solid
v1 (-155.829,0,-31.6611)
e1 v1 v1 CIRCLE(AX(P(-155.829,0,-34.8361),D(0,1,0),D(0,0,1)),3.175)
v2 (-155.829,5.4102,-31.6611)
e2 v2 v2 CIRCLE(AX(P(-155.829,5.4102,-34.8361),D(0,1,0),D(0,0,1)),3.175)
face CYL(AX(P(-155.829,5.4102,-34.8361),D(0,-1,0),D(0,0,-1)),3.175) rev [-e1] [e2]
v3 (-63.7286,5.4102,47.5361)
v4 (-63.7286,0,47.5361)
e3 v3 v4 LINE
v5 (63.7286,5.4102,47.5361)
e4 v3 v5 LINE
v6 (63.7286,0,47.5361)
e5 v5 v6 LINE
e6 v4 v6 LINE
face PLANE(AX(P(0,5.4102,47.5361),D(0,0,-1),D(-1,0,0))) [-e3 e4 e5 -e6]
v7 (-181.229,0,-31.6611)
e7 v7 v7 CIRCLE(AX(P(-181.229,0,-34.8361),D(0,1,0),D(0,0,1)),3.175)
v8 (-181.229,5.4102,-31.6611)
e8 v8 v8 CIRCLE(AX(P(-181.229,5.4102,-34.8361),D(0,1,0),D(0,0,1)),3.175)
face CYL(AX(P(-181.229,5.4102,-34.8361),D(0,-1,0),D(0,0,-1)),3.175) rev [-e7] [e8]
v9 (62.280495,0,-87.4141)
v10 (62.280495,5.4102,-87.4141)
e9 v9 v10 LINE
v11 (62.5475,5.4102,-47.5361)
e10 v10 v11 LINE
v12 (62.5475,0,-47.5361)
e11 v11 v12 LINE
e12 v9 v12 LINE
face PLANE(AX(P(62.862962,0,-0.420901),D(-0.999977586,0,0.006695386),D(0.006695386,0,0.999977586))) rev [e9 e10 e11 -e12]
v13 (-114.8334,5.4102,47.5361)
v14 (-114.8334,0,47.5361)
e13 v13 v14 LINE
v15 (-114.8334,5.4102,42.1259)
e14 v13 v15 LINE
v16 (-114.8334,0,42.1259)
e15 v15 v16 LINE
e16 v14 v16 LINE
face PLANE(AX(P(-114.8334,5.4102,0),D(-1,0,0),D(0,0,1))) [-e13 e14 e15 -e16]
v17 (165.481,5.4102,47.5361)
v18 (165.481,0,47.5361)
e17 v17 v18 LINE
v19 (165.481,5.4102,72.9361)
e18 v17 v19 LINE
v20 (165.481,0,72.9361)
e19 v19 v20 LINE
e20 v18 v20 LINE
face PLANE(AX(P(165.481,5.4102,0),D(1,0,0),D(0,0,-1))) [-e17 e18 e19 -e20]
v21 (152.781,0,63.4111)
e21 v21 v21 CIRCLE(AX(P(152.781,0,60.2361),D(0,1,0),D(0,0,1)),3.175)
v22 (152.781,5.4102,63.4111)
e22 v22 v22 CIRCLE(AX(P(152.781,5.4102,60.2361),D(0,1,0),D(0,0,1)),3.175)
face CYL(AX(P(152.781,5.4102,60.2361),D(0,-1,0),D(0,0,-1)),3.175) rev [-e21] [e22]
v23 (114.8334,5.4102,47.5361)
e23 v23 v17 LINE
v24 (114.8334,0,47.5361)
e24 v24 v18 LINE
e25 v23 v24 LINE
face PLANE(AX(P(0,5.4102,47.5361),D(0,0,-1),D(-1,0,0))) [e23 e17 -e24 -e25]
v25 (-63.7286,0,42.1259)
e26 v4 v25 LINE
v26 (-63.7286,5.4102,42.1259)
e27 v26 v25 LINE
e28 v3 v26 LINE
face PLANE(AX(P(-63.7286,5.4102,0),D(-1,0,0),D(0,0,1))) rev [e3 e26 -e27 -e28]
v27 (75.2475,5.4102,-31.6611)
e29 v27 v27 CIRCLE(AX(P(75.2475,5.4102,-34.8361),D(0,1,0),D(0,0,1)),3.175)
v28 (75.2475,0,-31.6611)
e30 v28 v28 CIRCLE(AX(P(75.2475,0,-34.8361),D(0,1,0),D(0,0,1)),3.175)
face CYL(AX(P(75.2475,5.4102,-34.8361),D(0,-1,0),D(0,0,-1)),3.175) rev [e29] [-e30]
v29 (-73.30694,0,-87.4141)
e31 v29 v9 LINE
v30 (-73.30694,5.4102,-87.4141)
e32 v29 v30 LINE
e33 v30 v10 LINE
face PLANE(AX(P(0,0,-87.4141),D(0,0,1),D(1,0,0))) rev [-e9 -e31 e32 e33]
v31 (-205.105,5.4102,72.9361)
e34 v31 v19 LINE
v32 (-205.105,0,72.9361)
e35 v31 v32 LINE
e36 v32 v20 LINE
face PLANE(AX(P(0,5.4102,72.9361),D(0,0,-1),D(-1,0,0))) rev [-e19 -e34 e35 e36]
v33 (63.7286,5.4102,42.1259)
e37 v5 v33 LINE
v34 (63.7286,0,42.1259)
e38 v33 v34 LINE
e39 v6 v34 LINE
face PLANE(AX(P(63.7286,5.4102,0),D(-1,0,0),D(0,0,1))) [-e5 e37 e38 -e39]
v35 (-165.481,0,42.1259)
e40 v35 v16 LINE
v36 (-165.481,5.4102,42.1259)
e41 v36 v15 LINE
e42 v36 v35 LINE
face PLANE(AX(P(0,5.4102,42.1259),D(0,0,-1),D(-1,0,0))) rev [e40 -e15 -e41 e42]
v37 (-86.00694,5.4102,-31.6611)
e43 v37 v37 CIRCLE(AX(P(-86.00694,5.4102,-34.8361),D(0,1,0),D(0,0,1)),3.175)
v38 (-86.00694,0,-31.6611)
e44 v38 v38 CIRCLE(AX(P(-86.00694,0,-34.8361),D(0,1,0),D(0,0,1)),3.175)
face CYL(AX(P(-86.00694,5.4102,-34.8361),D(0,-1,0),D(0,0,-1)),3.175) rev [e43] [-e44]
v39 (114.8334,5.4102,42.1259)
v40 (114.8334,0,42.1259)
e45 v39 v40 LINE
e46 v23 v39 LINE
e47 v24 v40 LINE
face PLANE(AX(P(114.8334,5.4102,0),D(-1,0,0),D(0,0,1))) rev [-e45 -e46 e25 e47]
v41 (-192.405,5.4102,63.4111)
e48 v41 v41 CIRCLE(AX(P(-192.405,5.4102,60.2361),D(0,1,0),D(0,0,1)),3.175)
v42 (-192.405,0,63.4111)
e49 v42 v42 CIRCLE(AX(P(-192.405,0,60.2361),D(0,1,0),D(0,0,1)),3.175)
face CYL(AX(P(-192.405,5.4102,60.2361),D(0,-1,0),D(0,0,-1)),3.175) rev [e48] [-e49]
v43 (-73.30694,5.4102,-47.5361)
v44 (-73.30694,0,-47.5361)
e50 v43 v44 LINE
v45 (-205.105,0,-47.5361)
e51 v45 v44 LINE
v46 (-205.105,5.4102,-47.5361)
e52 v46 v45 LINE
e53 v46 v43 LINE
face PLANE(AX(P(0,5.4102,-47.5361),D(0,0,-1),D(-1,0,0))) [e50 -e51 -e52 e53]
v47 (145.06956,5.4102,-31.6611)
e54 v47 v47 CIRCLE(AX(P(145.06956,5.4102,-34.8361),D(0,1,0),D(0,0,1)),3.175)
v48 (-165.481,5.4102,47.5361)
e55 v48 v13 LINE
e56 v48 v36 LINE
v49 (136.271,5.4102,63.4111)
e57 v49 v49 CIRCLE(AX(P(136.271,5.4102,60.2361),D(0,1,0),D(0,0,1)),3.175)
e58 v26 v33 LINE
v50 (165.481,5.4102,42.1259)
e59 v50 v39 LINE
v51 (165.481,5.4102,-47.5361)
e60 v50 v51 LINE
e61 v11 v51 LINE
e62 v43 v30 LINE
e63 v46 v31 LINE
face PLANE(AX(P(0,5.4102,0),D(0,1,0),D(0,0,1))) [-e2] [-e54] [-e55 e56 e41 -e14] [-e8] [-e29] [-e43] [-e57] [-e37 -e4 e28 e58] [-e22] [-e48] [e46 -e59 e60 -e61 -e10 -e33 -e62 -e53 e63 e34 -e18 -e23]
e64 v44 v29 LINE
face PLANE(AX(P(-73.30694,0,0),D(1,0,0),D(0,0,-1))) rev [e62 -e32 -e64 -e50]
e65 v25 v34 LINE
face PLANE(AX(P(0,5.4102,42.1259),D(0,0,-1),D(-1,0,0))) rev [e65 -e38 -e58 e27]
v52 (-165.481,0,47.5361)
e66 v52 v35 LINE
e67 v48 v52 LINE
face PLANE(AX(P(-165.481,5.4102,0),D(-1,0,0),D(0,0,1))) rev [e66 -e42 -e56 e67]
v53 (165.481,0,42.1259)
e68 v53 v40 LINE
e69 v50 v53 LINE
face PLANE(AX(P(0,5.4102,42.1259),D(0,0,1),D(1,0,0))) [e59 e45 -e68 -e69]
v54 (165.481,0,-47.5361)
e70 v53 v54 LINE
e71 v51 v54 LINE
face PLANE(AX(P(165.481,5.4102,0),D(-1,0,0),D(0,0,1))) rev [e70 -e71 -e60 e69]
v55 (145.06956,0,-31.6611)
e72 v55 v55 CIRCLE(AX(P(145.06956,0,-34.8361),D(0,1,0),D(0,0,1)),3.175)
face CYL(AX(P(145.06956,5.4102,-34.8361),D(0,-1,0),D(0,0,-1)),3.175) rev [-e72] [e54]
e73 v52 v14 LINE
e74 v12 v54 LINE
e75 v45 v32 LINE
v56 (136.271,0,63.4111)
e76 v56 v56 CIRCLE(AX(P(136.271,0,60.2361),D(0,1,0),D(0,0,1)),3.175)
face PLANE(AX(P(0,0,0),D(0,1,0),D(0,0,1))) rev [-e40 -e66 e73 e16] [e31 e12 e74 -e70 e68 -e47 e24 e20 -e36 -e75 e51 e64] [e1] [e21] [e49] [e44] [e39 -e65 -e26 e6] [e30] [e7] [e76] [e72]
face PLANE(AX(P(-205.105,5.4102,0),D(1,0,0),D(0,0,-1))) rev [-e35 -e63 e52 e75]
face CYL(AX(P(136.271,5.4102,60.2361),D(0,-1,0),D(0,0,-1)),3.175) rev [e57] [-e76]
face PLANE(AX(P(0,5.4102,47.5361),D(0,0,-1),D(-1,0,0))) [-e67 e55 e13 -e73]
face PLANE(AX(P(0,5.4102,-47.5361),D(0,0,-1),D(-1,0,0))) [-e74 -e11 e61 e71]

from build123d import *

# Parameters (mm, degrees)
SKETCH1_W           = 50.6476
SKETCH1_H           = 5.4102
SKETCH1_R           = 3.175
BOSS_EXTRUDE1_DEPTH = 5.4102
BOSS_EXTRUDE3_DEPTH = 5.4102


with BuildPart() as part:
    # Sketch1 → Boss-Extrude1 (new body)
    with BuildSketch(Plane(origin=(0, 0, 0), x_dir=(1, 0, 0), z_dir=(0, 1, 0))):
        Polygon((-205.105, 47.5361), (-205.105, -72.9361), (165.481, -72.9361), (165.481, -47.5361), (114.8334, -47.5361), (114.8334, -42.1259), (165.481, -42.1259), (165.481, 47.5361), (62.5475, 47.5361), (62.5475, -42.1259), (63.7286, -42.1259), (63.7286, -47.5361), (-63.7286, -47.5361), (-63.7286, -42.1259), (-73.30694, -42.1259), (-73.30694, 47.5361), align=None)
        with Locations((-140.1572, -44.831)):
            Rectangle(SKETCH1_W, SKETCH1_H, mode=Mode.SUBTRACT)
        with Locations(Location((-181.229, 34.8361, 0), (0, 0, 270))):
            Circle(SKETCH1_R, mode=Mode.SUBTRACT)
        with Locations(Location((152.781, -60.2361, 0), (0, 0, 270))):
            Circle(SKETCH1_R, mode=Mode.SUBTRACT)
        with Locations(Location((-192.405, -60.2361, 0), (0, 0, 270))):
            Circle(SKETCH1_R, mode=Mode.SUBTRACT)
        with Locations(Location((136.271, -60.2361, 0), (0, 0, 270))):
            Circle(SKETCH1_R, mode=Mode.SUBTRACT)
        with Locations(Location((-155.829, 34.8361, 0), (0, 0, 270))):
            Circle(SKETCH1_R, mode=Mode.SUBTRACT)
        with Locations(Location((-86.00694, 34.8361, 0), (0, 0, 270))):
            Circle(SKETCH1_R, mode=Mode.SUBTRACT)
        with Locations(Location((145.06956, 34.8361, 0), (0, 0, 270))):
            Circle(SKETCH1_R, mode=Mode.SUBTRACT)
        with Locations(Location((75.2475, 34.8361, 0), (0, 0, 270))):
            Circle(SKETCH1_R, mode=Mode.SUBTRACT)
    extrude(amount=BOSS_EXTRUDE1_DEPTH)

    # Sketch2 → Boss-Extrude3 (add)
    with BuildSketch(Plane(origin=(0, 5.4102, 0), x_dir=(1, 0, 0), z_dir=(0, 1, 0))):
        Polygon((-63.7286, -42.1259), (62.5475, -42.1259), (62.5475, 47.5361), (62.280495402, 87.4141), (-73.30694, 87.4141), (-73.30694, 47.5361), (-73.30694, -42.1259), align=None)
    extrude(amount=-BOSS_EXTRUDE3_DEPTH)


solid = part.part
